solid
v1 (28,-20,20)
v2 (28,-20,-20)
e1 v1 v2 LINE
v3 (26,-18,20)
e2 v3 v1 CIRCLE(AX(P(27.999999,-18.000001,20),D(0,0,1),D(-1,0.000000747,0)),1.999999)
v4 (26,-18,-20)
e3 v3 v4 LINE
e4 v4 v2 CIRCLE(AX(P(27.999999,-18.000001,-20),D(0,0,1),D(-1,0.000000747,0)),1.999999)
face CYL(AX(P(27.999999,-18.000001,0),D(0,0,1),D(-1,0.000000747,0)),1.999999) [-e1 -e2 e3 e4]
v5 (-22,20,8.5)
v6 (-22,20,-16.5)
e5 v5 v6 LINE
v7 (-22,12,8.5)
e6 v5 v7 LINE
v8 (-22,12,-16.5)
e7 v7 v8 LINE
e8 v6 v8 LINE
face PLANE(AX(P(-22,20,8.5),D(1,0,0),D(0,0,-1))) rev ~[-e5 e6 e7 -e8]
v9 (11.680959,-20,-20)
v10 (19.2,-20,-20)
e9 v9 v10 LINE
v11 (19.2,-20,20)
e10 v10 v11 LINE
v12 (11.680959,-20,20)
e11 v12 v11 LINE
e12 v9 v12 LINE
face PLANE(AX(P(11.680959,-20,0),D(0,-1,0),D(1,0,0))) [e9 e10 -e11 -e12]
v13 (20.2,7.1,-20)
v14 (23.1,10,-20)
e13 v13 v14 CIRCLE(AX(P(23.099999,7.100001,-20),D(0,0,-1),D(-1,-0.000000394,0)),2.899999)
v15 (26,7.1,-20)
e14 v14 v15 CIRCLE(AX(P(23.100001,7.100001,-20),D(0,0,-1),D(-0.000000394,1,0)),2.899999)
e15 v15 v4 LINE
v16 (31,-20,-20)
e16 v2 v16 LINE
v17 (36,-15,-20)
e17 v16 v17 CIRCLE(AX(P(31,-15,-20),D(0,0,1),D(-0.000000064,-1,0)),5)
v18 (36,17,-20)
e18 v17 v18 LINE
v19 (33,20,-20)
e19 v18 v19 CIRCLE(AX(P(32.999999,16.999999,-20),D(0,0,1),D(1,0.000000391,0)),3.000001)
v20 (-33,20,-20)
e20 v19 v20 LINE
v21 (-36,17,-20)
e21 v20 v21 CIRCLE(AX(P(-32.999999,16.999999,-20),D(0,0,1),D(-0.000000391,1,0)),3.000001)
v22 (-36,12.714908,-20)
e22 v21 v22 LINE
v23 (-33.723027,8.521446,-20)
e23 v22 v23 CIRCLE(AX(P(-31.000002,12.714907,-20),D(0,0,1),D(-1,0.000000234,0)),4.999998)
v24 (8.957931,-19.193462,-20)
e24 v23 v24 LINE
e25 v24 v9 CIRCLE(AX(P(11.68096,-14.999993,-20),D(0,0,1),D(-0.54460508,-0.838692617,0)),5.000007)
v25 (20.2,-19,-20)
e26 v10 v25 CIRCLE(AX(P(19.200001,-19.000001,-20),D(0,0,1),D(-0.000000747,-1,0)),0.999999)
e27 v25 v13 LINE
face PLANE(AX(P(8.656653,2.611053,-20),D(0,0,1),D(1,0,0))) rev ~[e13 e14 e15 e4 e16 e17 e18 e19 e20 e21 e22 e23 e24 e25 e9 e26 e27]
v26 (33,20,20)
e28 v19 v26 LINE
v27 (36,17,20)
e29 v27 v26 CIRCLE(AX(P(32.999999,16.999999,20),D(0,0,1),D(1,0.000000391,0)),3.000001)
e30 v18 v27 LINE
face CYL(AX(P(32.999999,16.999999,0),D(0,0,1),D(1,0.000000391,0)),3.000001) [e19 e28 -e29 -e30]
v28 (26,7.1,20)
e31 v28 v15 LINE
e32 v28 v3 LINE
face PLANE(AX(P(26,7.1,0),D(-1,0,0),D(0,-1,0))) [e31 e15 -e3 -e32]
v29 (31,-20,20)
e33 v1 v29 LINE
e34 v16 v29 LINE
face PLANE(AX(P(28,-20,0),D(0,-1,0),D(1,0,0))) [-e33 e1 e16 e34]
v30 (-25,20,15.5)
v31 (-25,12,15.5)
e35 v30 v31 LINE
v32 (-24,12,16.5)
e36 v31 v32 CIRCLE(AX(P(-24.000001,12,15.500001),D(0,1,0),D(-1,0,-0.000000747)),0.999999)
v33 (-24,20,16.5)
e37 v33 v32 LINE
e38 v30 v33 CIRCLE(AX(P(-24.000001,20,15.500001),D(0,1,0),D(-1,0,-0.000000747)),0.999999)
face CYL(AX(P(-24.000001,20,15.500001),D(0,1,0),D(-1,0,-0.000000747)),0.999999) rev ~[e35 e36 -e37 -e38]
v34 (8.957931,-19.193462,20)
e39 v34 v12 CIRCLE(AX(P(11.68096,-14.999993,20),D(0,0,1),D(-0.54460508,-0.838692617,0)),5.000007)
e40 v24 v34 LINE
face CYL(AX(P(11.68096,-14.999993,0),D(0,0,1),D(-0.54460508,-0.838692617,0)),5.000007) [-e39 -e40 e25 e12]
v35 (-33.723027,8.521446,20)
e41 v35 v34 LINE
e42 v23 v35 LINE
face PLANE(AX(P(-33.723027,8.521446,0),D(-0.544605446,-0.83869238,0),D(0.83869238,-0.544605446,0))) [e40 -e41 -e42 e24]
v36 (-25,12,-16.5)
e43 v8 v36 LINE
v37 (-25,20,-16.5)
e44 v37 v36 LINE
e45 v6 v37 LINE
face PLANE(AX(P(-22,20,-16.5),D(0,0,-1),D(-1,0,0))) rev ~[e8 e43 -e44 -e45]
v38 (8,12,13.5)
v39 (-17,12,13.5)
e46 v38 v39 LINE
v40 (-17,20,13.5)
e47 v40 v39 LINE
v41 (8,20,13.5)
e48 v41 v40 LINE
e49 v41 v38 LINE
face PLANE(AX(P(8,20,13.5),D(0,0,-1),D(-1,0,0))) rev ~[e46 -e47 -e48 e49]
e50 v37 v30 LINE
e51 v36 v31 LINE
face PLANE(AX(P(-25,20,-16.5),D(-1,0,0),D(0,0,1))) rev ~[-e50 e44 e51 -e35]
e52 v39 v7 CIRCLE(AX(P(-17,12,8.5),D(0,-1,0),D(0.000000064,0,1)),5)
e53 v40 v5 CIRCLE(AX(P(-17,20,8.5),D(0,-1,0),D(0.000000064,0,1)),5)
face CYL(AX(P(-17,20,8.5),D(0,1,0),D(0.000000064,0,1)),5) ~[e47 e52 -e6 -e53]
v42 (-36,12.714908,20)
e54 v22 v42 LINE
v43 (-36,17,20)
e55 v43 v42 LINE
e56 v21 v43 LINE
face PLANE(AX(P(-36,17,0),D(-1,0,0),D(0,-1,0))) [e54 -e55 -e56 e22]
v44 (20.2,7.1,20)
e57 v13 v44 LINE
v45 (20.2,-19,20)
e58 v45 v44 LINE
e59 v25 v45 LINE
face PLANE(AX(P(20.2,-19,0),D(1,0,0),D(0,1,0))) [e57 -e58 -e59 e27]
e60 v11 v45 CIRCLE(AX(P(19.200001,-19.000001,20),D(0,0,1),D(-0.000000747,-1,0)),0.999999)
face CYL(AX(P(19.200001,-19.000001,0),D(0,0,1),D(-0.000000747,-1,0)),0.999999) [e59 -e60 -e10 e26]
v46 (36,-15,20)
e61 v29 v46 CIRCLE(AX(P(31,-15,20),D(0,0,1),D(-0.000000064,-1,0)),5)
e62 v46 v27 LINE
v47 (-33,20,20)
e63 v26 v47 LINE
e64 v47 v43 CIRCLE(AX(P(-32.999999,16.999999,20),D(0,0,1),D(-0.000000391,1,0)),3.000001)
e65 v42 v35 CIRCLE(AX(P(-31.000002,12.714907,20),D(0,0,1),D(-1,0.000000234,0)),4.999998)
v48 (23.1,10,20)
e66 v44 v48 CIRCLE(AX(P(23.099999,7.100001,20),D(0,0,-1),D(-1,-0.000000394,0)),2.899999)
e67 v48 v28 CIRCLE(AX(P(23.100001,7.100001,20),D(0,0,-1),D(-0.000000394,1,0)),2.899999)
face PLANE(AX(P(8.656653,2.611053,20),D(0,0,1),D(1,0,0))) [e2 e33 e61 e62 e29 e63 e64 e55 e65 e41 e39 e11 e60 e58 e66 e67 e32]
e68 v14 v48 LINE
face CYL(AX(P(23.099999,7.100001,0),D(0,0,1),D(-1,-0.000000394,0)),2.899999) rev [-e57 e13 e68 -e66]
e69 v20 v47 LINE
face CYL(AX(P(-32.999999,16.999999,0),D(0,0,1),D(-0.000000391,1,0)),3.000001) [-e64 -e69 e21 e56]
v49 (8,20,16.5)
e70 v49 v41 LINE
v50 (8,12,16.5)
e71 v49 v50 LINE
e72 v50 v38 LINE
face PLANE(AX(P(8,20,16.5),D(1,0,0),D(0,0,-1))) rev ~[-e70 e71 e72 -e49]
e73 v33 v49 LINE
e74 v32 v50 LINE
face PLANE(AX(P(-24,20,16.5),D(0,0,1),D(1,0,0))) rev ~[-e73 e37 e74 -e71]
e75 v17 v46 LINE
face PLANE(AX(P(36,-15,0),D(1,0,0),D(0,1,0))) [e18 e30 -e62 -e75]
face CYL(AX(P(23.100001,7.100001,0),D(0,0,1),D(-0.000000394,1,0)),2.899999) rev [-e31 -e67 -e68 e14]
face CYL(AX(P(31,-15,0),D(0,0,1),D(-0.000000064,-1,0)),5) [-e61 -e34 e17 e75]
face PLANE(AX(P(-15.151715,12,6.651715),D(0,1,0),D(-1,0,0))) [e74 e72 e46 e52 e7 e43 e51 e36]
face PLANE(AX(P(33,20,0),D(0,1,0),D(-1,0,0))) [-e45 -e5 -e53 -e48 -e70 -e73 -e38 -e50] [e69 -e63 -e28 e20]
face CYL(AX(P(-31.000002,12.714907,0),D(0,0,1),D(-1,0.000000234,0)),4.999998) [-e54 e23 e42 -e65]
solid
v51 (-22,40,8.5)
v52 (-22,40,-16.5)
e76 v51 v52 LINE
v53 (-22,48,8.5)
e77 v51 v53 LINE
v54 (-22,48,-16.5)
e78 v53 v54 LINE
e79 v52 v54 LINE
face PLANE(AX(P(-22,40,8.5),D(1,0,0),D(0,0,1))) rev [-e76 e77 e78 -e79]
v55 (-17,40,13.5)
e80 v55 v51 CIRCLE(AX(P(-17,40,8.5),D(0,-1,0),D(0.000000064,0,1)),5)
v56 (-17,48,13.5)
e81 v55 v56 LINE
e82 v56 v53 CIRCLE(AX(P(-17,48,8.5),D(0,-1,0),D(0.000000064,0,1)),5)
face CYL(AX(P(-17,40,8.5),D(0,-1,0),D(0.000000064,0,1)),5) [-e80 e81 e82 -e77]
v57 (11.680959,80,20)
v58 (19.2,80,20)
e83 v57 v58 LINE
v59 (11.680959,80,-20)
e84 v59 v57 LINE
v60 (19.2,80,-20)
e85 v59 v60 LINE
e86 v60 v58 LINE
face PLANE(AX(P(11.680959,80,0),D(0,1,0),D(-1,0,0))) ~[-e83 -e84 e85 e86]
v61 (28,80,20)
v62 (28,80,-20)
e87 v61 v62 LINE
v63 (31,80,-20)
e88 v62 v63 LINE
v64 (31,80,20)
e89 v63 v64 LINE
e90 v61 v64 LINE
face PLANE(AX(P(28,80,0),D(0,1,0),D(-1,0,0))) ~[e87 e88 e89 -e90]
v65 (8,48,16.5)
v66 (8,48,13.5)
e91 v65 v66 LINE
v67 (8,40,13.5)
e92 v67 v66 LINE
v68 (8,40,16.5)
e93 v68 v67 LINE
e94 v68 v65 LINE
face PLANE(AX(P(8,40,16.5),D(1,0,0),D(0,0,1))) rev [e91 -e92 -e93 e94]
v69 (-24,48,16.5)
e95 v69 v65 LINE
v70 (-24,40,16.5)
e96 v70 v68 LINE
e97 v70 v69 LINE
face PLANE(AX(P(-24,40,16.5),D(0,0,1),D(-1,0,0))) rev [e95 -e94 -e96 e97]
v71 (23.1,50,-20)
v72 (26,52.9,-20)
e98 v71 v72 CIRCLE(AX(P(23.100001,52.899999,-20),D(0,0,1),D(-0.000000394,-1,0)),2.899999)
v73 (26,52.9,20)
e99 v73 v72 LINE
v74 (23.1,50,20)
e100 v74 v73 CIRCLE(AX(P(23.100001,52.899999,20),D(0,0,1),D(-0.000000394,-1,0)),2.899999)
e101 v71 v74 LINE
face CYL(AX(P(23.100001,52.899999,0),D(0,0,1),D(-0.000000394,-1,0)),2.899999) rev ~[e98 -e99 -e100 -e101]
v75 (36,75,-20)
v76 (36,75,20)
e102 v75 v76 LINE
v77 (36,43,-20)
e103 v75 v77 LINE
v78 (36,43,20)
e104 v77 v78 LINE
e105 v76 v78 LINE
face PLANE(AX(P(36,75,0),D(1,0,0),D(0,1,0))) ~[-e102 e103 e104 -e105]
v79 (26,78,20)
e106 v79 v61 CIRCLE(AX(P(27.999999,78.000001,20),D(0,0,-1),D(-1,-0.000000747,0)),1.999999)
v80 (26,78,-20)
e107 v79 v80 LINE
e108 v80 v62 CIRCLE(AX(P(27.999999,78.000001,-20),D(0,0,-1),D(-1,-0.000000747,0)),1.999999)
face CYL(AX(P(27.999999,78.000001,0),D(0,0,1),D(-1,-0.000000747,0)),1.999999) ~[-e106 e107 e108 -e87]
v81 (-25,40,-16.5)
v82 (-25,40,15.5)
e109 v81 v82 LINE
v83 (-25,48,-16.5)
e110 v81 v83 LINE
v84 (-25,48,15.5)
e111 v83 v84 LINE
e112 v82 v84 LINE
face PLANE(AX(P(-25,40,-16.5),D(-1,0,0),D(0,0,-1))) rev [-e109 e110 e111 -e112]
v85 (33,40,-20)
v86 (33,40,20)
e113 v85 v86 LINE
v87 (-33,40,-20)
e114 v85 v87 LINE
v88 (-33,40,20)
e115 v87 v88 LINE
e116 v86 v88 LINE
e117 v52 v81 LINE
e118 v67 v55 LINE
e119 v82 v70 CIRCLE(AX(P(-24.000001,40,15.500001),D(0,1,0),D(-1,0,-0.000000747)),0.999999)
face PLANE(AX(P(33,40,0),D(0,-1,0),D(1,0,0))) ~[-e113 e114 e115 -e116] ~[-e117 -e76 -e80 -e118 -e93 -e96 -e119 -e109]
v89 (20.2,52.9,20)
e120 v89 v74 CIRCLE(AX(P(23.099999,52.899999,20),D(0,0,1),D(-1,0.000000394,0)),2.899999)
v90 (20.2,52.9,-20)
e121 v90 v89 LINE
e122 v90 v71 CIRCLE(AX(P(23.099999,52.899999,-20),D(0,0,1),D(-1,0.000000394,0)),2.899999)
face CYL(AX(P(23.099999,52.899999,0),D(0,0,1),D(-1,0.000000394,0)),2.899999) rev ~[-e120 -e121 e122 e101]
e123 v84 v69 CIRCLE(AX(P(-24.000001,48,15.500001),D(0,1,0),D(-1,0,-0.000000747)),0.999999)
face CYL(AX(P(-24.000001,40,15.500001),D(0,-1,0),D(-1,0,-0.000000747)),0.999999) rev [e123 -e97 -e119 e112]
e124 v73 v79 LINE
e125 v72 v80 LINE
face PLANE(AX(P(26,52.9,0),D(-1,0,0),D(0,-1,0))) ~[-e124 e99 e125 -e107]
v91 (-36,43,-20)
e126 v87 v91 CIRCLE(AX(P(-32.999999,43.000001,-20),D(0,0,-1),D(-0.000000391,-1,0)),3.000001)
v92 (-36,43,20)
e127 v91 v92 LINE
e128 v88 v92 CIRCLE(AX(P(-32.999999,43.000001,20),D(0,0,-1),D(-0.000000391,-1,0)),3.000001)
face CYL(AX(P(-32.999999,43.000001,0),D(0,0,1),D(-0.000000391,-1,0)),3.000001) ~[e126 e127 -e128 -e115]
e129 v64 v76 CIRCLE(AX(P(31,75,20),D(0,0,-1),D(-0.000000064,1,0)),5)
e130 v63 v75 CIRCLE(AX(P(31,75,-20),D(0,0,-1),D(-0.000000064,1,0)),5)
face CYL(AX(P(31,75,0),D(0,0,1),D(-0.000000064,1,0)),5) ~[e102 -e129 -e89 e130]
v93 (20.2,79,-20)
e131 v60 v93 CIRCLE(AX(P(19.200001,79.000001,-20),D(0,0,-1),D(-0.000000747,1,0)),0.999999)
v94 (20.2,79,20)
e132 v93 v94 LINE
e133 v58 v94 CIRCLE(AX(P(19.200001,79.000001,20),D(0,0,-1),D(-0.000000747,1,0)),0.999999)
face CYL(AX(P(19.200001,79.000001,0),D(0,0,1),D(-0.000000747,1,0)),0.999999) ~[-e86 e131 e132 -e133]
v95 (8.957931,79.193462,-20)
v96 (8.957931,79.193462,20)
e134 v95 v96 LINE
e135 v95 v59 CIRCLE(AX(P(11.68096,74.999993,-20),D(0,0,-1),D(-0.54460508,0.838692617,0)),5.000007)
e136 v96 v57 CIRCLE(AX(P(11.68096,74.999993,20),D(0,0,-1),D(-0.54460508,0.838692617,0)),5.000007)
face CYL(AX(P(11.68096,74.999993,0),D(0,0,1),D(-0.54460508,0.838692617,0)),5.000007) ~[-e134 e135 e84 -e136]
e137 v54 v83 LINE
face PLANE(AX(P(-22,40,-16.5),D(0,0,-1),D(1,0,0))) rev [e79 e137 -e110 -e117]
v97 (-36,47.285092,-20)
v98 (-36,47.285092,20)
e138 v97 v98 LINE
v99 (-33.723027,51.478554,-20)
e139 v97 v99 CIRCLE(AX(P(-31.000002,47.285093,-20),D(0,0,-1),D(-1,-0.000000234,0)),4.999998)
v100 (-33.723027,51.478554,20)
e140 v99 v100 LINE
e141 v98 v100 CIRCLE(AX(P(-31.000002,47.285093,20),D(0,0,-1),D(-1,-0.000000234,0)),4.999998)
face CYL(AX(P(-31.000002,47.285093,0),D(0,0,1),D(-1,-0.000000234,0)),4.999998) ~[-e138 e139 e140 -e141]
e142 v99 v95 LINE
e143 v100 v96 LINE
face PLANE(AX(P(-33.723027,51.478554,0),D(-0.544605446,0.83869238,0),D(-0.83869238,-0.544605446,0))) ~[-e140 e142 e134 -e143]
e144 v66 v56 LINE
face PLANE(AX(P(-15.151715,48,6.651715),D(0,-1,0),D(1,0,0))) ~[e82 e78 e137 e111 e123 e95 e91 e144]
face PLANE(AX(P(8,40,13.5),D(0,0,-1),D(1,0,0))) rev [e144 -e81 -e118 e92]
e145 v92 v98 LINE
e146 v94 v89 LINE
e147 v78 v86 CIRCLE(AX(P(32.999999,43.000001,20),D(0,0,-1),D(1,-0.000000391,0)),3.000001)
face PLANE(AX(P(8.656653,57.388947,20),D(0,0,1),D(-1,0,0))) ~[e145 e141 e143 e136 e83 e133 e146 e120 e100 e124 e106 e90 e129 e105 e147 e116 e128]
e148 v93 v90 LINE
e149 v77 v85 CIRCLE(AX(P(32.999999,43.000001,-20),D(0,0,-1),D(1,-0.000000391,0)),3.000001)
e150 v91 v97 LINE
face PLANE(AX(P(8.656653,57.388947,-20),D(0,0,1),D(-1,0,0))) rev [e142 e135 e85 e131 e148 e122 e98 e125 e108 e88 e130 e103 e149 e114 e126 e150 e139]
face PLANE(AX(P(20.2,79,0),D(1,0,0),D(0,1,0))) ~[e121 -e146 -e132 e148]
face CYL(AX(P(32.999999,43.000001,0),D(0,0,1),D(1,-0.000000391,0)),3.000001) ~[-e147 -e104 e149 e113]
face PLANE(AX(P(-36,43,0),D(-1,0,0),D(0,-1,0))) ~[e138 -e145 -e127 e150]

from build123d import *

# Parameters (mm, degrees)
F1_DEPTH = 20
F3_DEPTH = 8


with BuildPart() as f1:
    # F0 (on Top) → F1 (new body, symmetric)
    with BuildSketch(Plane.XY):
        with BuildLine():
            Line((28, -20), (31, -20))
            ThreePointArc((31, -20), (34.535534, -18.535534), (36, -15))
            Line((36, -15), (36, 17))
            ThreePointArc((36, 17), (35.12132, 19.12132), (33, 20))
            Line((33, 20), (-33, 20))
            ThreePointArc((-33, 20), (-35.12132, 19.12132), (-36, 17))
            Line((-36, 17), (-36, 12.714908))
            ThreePointArc((-36, 12.714908), (-35.394038, 10.329026), (-33.723027, 8.521446))
            Line((-33.723027, 8.521446), (8.957931, -19.193462))
            ThreePointArc((8.957931, -19.193462), (10.260978, -19.794127), (11.680959, -20))
            Line((11.680959, -20), (19.2, -20))
            ThreePointArc((19.2, -20), (19.907107, -19.707107), (20.2, -19))
            Line((20.2, -19), (20.2, 7.1))
            ThreePointArc((20.2, 7.1), (21.04939, 9.15061), (23.1, 10))
            ThreePointArc((23.1, 10), (25.15061, 9.15061), (26, 7.1))
            Line((26, 7.1), (26, -18))
            ThreePointArc((26, -18), (26.585786, -19.414214), (28, -20))
        make_face()
    extrude(amount=F1_DEPTH, both=True)

    # F2 (on face) → F3 (cut)
    with BuildSketch(Plane(origin=(0, 20, 0), x_dir=(-1, 0, 0), z_dir=(0, 1, 0))):
        with BuildLine():
            Line((22, -16.5), (25, -16.5))
            Line((25, -16.5), (25, 15.5))
            ThreePointArc((25, 15.5), (24.707107, 16.207107), (24, 16.5))
            Line((24, 16.5), (-8, 16.5))
            Line((-8, 16.5), (-8, 13.5))
            Line((-8, 13.5), (17, 13.5))
            ThreePointArc((17, 13.5), (20.535534, 12.035534), (22, 8.5))
            Line((22, 8.5), (22, -16.5))
        make_face()
    extrude(amount=-F3_DEPTH, mode=Mode.SUBTRACT)


with BuildPart() as f5_1:
    # F5: instance of F1
    add(f1.part.mirror(Plane(origin=(1.252416, 30, -0.57769), x_dir=(-1, 0, 0), z_dir=(0, 1, 0))))


solid = Compound([f1.part, f5_1.part])
